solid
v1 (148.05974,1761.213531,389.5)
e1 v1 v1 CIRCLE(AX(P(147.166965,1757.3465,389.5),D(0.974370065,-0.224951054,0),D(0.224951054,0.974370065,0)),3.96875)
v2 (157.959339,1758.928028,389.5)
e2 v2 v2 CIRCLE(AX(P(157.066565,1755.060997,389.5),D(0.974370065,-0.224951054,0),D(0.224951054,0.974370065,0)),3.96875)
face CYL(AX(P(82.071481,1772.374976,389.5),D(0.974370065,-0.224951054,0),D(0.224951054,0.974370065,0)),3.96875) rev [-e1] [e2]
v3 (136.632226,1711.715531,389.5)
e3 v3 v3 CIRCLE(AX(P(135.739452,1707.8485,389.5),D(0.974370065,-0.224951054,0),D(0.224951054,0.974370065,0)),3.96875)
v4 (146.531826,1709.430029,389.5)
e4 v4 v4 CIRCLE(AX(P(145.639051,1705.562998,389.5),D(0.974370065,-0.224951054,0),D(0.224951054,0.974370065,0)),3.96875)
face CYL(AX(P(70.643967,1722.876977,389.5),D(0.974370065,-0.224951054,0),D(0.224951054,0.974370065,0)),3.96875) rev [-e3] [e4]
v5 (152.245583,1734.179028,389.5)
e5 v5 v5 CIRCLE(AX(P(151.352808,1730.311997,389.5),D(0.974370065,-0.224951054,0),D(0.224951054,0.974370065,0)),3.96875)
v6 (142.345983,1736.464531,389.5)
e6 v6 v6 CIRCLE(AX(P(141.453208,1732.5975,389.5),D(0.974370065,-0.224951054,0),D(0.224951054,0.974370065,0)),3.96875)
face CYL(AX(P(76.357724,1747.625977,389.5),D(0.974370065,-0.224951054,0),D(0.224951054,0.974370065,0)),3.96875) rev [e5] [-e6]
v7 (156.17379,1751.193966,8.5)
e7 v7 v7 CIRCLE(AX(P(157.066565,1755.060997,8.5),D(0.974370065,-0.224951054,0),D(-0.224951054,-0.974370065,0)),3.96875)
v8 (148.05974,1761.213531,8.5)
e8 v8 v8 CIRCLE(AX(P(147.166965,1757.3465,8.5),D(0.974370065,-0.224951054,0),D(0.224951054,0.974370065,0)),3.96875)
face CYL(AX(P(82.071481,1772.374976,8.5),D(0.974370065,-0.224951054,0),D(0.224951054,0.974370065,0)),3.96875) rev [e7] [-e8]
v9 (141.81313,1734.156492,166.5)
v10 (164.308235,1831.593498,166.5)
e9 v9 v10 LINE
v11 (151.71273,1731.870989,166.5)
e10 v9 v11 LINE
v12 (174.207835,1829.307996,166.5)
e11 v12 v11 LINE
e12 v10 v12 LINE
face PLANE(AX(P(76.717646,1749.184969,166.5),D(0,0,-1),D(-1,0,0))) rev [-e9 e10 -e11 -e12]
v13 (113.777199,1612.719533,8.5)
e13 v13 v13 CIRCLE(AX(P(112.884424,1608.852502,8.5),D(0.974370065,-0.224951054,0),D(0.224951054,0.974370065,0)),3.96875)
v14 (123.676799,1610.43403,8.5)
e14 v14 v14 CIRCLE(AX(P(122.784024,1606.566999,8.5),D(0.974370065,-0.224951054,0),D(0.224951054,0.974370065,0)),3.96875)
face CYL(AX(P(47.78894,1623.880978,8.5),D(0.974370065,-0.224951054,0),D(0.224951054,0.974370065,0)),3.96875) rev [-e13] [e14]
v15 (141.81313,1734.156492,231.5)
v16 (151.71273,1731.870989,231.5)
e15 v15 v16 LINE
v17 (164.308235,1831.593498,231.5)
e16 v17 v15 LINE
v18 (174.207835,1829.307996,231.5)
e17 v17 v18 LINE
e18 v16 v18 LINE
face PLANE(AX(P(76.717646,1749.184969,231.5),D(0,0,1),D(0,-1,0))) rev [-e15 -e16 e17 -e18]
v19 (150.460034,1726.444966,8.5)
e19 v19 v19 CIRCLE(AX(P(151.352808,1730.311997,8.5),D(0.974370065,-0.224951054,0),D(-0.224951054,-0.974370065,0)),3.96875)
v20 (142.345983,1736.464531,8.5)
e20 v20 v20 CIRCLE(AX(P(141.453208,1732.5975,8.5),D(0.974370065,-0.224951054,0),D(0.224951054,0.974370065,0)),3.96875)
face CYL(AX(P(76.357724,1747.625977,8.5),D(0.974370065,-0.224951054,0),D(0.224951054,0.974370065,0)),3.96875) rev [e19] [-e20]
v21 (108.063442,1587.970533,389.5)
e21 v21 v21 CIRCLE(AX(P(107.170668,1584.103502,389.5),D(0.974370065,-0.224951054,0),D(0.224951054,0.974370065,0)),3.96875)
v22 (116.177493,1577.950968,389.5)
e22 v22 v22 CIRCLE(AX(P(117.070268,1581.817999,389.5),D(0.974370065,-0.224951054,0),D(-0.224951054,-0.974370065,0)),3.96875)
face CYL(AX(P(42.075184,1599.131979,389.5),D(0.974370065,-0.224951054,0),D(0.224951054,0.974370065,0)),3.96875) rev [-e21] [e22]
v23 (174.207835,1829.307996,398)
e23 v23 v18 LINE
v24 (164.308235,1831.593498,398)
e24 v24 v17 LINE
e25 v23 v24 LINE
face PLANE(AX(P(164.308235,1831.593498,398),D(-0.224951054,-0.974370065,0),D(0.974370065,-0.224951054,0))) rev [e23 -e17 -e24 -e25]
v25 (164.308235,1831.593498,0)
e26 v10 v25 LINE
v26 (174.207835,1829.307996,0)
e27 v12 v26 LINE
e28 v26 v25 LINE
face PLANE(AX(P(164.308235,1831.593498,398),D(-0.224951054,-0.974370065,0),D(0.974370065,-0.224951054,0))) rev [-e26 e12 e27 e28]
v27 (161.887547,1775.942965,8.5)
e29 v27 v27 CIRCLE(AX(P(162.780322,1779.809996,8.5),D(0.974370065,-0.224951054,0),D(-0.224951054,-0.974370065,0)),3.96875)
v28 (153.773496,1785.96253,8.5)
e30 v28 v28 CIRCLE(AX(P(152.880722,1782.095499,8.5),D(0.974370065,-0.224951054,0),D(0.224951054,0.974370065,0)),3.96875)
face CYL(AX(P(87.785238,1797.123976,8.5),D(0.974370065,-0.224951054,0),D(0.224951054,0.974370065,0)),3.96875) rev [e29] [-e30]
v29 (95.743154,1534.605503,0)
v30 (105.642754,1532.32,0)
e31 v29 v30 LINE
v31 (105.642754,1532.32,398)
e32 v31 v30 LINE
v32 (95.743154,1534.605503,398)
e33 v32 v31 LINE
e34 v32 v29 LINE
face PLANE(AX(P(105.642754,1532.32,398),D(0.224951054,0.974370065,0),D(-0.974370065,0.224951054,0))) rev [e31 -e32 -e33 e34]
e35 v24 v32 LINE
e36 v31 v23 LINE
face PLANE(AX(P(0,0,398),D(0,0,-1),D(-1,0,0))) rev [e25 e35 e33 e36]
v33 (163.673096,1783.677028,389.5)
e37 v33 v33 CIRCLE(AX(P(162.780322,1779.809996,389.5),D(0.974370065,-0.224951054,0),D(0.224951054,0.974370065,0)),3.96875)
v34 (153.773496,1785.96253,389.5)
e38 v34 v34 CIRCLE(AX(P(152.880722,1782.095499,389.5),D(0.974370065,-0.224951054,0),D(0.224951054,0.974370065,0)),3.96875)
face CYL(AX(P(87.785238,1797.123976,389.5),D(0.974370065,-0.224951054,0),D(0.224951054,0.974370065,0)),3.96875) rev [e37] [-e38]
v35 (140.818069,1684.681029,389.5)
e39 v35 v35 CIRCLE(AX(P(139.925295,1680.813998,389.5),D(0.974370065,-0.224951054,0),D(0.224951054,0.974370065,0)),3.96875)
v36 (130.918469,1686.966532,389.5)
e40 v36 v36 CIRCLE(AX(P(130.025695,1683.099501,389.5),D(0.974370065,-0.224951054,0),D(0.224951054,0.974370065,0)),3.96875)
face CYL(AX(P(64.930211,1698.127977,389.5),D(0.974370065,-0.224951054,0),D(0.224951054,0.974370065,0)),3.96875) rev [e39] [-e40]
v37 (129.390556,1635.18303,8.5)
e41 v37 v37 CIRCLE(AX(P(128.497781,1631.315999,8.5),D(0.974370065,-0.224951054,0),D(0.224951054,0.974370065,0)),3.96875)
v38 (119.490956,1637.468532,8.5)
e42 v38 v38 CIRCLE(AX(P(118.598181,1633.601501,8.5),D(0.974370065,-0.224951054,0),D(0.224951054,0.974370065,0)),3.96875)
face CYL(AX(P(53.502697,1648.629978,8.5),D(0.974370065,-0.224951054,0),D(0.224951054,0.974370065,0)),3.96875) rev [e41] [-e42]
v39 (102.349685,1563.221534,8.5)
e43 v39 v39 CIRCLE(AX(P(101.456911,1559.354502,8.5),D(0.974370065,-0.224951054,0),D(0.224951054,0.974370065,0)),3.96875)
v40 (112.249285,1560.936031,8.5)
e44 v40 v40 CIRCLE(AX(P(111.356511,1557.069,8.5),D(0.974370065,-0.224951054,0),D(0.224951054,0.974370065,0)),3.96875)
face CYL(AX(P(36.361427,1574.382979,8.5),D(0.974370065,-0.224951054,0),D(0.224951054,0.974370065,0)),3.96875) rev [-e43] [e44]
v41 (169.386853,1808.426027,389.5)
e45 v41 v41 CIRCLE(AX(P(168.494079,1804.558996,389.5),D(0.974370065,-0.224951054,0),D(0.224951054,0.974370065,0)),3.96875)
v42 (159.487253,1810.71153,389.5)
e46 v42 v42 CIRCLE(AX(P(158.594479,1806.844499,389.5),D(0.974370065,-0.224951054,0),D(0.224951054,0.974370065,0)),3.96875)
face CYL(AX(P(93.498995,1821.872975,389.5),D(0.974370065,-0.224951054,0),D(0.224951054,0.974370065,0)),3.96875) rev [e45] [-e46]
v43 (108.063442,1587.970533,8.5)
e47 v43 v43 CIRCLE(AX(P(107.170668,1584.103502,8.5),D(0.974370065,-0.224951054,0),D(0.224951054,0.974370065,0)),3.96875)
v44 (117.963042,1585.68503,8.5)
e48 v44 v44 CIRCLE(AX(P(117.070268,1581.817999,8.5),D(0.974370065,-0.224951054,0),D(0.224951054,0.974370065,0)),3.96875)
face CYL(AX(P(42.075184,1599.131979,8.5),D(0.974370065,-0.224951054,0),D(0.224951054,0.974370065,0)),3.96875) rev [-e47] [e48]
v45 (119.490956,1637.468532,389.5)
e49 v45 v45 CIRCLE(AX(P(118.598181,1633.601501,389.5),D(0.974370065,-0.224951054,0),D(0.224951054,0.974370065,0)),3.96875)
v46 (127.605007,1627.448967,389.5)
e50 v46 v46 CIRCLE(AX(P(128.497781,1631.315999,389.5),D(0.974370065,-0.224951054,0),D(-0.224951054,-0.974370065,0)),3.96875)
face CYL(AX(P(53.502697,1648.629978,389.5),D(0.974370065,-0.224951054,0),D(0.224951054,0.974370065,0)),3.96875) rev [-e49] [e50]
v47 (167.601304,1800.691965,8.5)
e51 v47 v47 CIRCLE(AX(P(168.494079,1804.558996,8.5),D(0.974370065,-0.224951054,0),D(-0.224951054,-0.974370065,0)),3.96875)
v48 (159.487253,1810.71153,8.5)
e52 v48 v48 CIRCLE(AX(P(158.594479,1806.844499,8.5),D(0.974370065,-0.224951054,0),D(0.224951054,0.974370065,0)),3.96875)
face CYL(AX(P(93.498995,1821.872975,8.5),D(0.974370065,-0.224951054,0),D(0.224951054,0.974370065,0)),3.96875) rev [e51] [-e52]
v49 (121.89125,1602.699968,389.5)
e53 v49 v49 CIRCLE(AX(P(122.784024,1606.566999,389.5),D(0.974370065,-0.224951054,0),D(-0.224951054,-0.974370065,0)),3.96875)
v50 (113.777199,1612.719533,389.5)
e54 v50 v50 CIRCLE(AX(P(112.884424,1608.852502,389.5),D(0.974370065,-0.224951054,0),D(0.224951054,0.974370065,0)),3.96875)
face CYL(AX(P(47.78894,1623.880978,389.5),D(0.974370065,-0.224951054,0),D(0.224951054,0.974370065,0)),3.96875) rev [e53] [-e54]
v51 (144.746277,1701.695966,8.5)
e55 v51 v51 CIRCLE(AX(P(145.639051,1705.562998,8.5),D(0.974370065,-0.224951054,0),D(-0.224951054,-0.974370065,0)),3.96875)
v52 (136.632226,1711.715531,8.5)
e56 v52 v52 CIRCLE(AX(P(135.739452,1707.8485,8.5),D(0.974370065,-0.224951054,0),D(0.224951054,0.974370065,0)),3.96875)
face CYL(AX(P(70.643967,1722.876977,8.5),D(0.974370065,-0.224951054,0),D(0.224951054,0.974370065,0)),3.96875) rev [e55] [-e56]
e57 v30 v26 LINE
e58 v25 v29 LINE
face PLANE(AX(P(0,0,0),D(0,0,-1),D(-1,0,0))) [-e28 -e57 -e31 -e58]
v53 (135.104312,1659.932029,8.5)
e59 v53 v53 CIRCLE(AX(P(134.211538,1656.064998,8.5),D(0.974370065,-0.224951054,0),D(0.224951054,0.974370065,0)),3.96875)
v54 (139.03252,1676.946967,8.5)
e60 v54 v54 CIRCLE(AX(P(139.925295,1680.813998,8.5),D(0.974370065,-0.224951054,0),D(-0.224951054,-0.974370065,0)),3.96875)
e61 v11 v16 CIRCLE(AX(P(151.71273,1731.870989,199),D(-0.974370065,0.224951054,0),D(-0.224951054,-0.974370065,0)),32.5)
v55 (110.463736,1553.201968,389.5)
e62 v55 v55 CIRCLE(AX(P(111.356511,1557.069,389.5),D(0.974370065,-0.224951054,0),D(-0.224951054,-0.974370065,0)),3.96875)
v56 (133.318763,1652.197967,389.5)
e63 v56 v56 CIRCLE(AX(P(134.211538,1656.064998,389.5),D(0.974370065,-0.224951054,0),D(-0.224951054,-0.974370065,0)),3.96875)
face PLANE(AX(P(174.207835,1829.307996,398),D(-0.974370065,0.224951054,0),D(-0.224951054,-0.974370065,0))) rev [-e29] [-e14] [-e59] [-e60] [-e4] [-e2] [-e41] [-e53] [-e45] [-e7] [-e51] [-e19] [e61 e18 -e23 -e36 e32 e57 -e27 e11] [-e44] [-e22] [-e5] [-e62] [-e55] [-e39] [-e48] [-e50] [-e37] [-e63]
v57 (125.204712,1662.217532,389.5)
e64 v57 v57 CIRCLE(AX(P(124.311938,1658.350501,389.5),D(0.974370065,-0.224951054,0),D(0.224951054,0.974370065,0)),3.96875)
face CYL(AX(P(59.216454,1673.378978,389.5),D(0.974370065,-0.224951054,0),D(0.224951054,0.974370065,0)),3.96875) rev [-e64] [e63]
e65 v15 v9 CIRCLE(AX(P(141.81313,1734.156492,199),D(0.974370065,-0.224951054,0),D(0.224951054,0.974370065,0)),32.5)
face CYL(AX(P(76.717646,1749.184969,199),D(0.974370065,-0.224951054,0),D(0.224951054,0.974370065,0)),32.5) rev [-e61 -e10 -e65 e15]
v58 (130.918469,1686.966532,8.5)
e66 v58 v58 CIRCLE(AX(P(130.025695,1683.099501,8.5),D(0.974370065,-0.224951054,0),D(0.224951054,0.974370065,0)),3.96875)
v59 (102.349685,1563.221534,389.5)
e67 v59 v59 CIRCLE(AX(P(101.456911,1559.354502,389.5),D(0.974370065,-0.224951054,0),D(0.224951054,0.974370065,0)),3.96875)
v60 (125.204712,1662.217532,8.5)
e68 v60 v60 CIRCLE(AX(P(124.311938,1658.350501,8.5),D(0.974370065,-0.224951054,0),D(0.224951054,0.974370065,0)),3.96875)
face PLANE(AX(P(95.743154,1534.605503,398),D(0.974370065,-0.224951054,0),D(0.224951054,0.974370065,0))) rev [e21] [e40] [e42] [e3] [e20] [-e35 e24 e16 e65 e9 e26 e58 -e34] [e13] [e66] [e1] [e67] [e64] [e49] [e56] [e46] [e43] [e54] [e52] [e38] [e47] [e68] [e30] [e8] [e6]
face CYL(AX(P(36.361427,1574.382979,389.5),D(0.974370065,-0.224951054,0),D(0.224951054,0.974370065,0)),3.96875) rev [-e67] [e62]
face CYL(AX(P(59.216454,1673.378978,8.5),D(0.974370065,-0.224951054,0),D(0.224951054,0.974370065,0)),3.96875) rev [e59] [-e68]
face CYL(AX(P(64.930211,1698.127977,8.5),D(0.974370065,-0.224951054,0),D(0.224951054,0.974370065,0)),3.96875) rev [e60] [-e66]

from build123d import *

# Parameters (mm, degrees)
BOSS_EXTRUDE1_DEPTH     = 398
CUT_EXTRUDE1_DEPTH      = 1867.759149714
CUT_EXTRUDE1_DEPTH_BACK = 1867.759149714
SKETCH3_R               = 3.96875
CUT_EXTRUDE3_DEPTH      = 1867.759149714


with BuildPart() as part:
    # Sketch1 → Boss-Extrude1 (new body)
    with BuildSketch(Plane.XY):
        Polygon((174.207835311, 1829.307995747), (105.642753947, 1532.32), (95.743154089, 1534.605502712), (164.308235453, 1831.593498459), align=None)
    extrude(amount=BOSS_EXTRUDE1_DEPTH)

    # Sketch2 → Cut-Extrude1 (cut, two sides: drawn at the far end of the back side and taken through both)
    with BuildSketch(Plane(origin=(-235.565521709, 54.384585889, 0), x_dir=(0, 0, -1), z_dir=(0.9743700647852336, -0.2249510543438718, 0)).offset(-CUT_EXTRUDE1_DEPTH_BACK)):
        with BuildLine():
            Line((-231.5, 1721.611186556), (-231.5, 1821.611186556))
            Line((-231.5, 1821.611186556), (-166.5, 1821.611186556))
            Line((-166.5, 1821.611186556), (-166.5, 1721.611186556))
            ThreePointArc((-166.5, 1721.611186556), (-199, 1689.111186556), (-231.5, 1721.611186556))
        make_face()
    extrude(amount=CUT_EXTRUDE1_DEPTH + CUT_EXTRUDE1_DEPTH_BACK, mode=Mode.SUBTRACT)

    # Sketch3 → Cut-Extrude3 (cut, through all)
    with BuildSketch(Plane(origin=(-235.565521709, 54.384585889, 0), x_dir=(0, 0, -1), z_dir=(0.9743700647852336, -0.2249510543438718, 0))):
        with Locations(Location((-389.5, 1669.211186556, 0), (0, 0, 90))):
            Circle(SKETCH3_R)
        with Locations(Location((-389.5, 1694.611186556, 0), (0, 0, 90))):
            Circle(SKETCH3_R)
        with Locations(Location((-389.5, 1720.011186556, 0), (0, 0, 90))):
            Circle(SKETCH3_R)
        with Locations(Location((-389.5, 1745.411186556, 0), (0, 0, 90))):
            Circle(SKETCH3_R)
        with Locations(Location((-389.5, 1770.811186556, 0), (0, 0, 90))):
            Circle(SKETCH3_R)
        with Locations(Location((-389.5, 1796.211186556, 0), (0, 0, 90))):
            Circle(SKETCH3_R)
        with Locations(Location((-389.5, 1542.211186556, 0), (0, 0, 90))):
            Circle(SKETCH3_R)
        with Locations(Location((-389.5, 1567.611186556, 0), (0, 0, 90))):
            Circle(SKETCH3_R)
        with Locations(Location((-389.5, 1593.011186556, 0), (0, 0, 90))):
            Circle(SKETCH3_R)
        with Locations(Location((-389.5, 1618.411186556, 0), (0, 0, 90))):
            Circle(SKETCH3_R)
        with Locations(Location((-389.5, 1643.811186556, 0), (0, 0, 90))):
            Circle(SKETCH3_R)
        with Locations(Location((-8.5, 1643.811186556, 0), (0, 0, 90))):
            Circle(SKETCH3_R)
        with Locations(Location((-8.5, 1618.411186556, 0), (0, 0, 90))):
            Circle(SKETCH3_R)
        with Locations(Location((-8.5, 1593.011186556, 0), (0, 0, 90))):
            Circle(SKETCH3_R)
        with Locations(Location((-8.5, 1567.611186556, 0), (0, 0, 90))):
            Circle(SKETCH3_R)
        with Locations(Location((-8.5, 1542.211186556, 0), (0, 0, 90))):
            Circle(SKETCH3_R)
        with Locations(Location((-8.5, 1796.211186556, 0), (0, 0, 90))):
            Circle(SKETCH3_R)
        with Locations(Location((-8.5, 1770.811186556, 0), (0, 0, 90))):
            Circle(SKETCH3_R)
        with Locations(Location((-8.5, 1745.411186556, 0), (0, 0, 90))):
            Circle(SKETCH3_R)
        with Locations(Location((-8.5, 1720.011186556, 0), (0, 0, 90))):
            Circle(SKETCH3_R)
        with Locations(Location((-8.5, 1694.611186556, 0), (0, 0, 90))):
            Circle(SKETCH3_R)
        with Locations(Location((-8.5, 1669.211186556, 0), (0, 0, 90))):
            Circle(SKETCH3_R)
    extrude(amount=-CUT_EXTRUDE3_DEPTH, mode=Mode.SUBTRACT)


solid = part.part
